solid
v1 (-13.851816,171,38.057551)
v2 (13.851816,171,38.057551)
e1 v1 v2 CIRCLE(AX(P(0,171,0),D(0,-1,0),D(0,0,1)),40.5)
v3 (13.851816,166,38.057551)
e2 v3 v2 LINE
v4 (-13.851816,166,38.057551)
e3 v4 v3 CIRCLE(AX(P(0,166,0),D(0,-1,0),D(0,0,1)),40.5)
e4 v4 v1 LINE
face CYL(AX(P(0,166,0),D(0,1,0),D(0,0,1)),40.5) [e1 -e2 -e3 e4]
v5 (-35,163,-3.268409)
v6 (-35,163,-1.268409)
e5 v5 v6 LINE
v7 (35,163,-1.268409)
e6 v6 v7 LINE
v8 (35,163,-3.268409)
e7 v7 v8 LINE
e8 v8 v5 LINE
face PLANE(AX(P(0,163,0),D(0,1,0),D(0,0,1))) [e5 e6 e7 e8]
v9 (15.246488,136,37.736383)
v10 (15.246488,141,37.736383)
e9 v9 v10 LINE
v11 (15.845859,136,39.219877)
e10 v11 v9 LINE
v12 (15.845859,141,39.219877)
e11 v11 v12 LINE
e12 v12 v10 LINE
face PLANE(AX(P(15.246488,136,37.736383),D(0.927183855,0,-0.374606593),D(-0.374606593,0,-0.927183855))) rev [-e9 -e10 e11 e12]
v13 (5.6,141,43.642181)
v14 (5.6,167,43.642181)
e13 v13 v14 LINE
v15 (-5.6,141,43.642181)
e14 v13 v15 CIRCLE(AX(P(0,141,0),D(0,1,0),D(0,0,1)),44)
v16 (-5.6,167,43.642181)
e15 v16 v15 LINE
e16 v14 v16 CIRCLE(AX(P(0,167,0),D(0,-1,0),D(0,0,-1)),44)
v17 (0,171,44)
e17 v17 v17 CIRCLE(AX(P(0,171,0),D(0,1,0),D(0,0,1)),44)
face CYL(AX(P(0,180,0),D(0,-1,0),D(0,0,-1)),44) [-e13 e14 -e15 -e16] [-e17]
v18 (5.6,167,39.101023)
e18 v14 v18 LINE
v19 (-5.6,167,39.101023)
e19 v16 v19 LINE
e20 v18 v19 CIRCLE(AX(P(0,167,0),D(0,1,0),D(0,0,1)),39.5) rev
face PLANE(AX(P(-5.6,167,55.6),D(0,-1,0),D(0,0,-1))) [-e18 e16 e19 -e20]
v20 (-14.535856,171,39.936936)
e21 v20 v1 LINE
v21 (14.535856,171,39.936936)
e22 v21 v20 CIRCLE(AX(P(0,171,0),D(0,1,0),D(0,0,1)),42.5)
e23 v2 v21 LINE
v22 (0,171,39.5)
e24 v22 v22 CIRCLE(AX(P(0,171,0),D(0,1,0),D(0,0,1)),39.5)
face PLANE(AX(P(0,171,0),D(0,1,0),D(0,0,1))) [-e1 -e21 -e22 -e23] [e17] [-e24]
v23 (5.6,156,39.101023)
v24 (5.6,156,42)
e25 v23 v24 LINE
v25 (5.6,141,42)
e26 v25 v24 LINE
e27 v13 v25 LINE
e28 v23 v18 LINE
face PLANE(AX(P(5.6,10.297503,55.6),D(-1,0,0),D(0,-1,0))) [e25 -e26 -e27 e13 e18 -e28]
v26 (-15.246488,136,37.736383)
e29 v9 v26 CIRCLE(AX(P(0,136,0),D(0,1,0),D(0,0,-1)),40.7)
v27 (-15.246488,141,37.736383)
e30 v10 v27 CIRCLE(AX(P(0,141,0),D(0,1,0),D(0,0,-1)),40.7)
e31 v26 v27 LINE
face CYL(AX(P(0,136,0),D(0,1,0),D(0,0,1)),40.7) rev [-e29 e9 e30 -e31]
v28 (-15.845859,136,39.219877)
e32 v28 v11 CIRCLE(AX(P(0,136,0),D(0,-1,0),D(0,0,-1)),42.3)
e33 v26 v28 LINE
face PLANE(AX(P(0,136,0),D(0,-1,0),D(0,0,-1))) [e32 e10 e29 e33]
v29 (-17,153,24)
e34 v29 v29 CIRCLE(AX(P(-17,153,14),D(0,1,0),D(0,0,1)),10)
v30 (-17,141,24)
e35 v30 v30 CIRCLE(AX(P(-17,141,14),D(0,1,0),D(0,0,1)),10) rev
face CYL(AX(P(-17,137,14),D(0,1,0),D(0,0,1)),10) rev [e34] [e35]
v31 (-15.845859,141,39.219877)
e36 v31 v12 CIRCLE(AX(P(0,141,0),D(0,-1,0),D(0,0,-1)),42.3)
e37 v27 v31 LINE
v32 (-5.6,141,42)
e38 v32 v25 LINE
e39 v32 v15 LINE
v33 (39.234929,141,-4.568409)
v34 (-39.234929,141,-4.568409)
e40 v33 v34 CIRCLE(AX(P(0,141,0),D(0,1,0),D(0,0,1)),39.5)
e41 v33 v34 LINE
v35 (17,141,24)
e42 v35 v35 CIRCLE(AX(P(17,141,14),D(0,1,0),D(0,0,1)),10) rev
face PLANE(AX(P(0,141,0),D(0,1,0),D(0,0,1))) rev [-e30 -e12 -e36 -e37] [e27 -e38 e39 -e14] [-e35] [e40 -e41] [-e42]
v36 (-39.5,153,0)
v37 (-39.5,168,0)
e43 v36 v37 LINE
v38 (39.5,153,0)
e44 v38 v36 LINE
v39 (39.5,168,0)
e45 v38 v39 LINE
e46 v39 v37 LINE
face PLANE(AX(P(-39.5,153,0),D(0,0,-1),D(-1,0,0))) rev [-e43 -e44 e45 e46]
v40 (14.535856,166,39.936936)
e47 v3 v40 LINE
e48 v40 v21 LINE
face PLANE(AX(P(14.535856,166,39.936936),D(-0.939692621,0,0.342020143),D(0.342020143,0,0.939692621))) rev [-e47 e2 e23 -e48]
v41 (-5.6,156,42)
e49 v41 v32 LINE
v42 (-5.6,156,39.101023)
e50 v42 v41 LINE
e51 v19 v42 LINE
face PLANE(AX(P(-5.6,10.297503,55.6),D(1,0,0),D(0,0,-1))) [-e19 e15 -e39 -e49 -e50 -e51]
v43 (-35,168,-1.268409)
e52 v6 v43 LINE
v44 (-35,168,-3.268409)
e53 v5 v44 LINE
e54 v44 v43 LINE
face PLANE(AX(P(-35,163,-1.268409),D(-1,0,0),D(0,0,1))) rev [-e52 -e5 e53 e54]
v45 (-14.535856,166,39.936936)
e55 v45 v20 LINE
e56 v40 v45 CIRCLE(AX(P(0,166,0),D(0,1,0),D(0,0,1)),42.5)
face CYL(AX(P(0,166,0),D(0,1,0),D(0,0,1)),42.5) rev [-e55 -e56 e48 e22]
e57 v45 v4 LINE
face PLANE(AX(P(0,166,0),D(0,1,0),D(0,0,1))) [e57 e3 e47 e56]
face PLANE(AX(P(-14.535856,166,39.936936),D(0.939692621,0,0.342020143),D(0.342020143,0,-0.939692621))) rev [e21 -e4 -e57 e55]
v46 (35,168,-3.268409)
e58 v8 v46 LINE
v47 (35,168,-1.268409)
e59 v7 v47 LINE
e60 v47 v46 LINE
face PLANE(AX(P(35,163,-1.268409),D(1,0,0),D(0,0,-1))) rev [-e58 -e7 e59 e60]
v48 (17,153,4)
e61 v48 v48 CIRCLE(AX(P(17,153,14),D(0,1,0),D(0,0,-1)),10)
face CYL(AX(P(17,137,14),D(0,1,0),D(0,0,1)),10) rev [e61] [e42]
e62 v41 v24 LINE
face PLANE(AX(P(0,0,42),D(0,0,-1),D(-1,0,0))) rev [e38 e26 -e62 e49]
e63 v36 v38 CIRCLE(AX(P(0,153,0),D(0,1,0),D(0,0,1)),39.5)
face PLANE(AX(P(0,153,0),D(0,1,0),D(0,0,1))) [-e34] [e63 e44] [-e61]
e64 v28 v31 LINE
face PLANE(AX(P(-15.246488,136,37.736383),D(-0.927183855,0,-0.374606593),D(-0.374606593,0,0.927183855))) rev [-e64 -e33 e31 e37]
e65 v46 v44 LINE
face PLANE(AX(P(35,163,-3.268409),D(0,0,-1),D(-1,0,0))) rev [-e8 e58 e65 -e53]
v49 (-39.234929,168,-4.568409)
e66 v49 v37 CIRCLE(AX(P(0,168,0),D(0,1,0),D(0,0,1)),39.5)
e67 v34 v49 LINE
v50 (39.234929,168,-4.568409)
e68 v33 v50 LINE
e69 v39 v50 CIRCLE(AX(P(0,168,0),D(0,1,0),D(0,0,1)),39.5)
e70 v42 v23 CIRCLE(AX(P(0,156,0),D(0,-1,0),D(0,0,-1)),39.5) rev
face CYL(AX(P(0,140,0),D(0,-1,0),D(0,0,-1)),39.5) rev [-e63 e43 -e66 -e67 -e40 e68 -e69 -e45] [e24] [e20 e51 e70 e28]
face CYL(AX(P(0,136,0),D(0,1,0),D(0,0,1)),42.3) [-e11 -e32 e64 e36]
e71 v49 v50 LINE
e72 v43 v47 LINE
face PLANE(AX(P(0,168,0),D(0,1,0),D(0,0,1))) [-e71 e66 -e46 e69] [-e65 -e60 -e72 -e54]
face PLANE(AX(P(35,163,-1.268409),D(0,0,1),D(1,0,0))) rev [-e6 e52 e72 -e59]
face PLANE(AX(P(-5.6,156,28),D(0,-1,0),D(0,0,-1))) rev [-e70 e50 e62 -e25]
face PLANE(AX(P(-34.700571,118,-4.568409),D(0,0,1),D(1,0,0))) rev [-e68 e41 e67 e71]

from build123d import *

# Parameters (mm, degrees)
SKETCH1_R           = 44
BOSS_EXTRUDE1_DEPTH = 180
SKETCH7_R           = 39.5
CUT_EXTRUDE1_DEPTH  = 115
SKETCH8_R           = 35
CUT_EXTRUDE2_DEPTH  = 18
SKETCH12_W          = 11.2
SKETCH12_H          = 156.702496638
CUT_EXTRUDE5_DEPTH  = 13.6
SKETCH14_W          = 11.2
SKETCH14_H          = 8.676367157
CUT_EXTRUDE6_DEPTH  = 18
SKETCH18_R          = 39.5
CUT_EXTRUDE8_DEPTH  = 12
CUT_EXTRUDE4_DEPTH  = 21
CUT_EXTRUDE9_DEPTH  = 28
SKETCH21_R          = 44
CUT_EXTRUDE10_DEPTH = 10
CUT_EXTRUDE11_DEPTH = 50
SKETCH24_R          = 10
CUT_EXTRUDE12_DEPTH = 16
SKETCH26_W          = 11.2
SKETCH26_H          = 11
CUT_EXTRUDE13_DEPTH = 14
SKETCH27_R          = 39
CUT_EXTRUDE14_DEPTH = 30
SKETCH28_R          = 47
SKETCH28_R_2        = 42
BOSS_EXTRUDE2_DEPTH = 20
CUT_EXTRUDE15_DEPTH = 40
SKETCH30_R          = 47
CUT_EXTRUDE16_DEPTH = 20
SKETCH33_R          = 44
CUT_EXTRUDE17_DEPTH = 137
BOSS_EXTRUDE4_DEPTH = 5
SKETCH35_W          = 70
SKETCH35_H          = 2
CUT_EXTRUDE18_DEPTH = 5
SKETCH37_R          = 44
CUT_EXTRUDE19_DEPTH = 9
CUT_EXTRUDE20_DEPTH = 5


with BuildPart() as part:
    # Sketch1 → Boss-Extrude1 (new body)
    with BuildSketch(Plane(origin=(0, 0, 0), x_dir=(1, 0, 0), z_dir=(0, 1, 0))):
        Circle(SKETCH1_R)
    extrude(amount=BOSS_EXTRUDE1_DEPTH)

    # Sketch7 → Cut-Extrude1 (cut)
    with BuildSketch(Plane(origin=(0, 25, 0), x_dir=(1, 0, 0), z_dir=(0, 1, 0))):
        Circle(SKETCH7_R)
    extrude(amount=CUT_EXTRUDE1_DEPTH, mode=Mode.SUBTRACT)

    # Sketch8 → Cut-Extrude2 (cut)
    with BuildSketch(Plane(origin=(0, 41, 0), x_dir=(1, 0, 0), z_dir=(0, 1, 0))):
        Circle(SKETCH8_R)
    extrude(amount=-CUT_EXTRUDE2_DEPTH, mode=Mode.SUBTRACT)

    # Sketch12 → Cut-Extrude5 (cut)
    with BuildSketch(Plane.XY.offset(42)):
        with Locations((0, 88.648751681)):
            Rectangle(SKETCH12_W, SKETCH12_H)
    extrude(amount=CUT_EXTRUDE5_DEPTH, mode=Mode.SUBTRACT)

    # Sketch14 → Cut-Extrude6 (cut)
    with BuildSketch(Plane.XY.offset(42)):
        with Locations((0, 14.635686941)):
            Rectangle(SKETCH14_W, SKETCH14_H)
    extrude(amount=-CUT_EXTRUDE6_DEPTH, mode=Mode.SUBTRACT)

    # Sketch18 → Cut-Extrude8 (cut)
    with BuildSketch(Plane(origin=(0, 180, 0), x_dir=(1, 0, 0), z_dir=(0, 1, 0))):
        Circle(SKETCH18_R)
    extrude(amount=-CUT_EXTRUDE8_DEPTH, mode=Mode.SUBTRACT)

    # Sketch10 → Cut-Extrude4 (cut, symmetric)
    with BuildSketch(Plane(origin=(0, 174, 0), x_dir=(1, 0, 0), z_dir=(0, 1, 0))):
        with BuildLine():
            Line((-39.5, 0), (39.5, 0))
            ThreePointArc((39.5, 0), (0, -39.5), (-39.5, 0))
        make_face()
    extrude(amount=CUT_EXTRUDE4_DEPTH, both=True, mode=Mode.SUBTRACT)

    # Sketch20 → Cut-Extrude9 (cut)
    with BuildSketch(Plane(origin=(0, 168, 0), x_dir=(1, 0, 0), z_dir=(0, 1, 0))):
        with BuildLine():
            Line((9, 26), (-15, 26))
            ThreePointArc((-15, 26), (-18.535533906, 24.535533906), (-20, 21))
            Line((-20, 21), (-20, 10))
            ThreePointArc((-20, 10), (-18.535533906, 6.464466094), (-15, 5))
            Line((-15, 5), (9, 5))
            ThreePointArc((9, 5), (12.535533906, 6.464466094), (14, 10))
            Line((14, 10), (14, 21))
            ThreePointArc((14, 21), (12.535533906, 24.535533906), (9, 26))
        make_face()
    extrude(amount=-CUT_EXTRUDE9_DEPTH, mode=Mode.SUBTRACT)

    # Sketch21 → Cut-Extrude10 (cut)
    with BuildSketch(Plane(origin=(0, 5, 0), x_dir=(1, 0, 0), z_dir=(0, 1, 0))):
        Circle(SKETCH21_R)
    extrude(amount=-CUT_EXTRUDE10_DEPTH, mode=Mode.SUBTRACT)

    # Sketch23 → Cut-Extrude11 (cut)
    with BuildSketch(Plane(origin=(0, 168, 0), x_dir=(1, 0, 0), z_dir=(0, 1, 0))):
        with BuildLine():
            Line((-34.700571143, 4.568409172), (34.700571143, 4.568409172))
            ThreePointArc((34.700571143, 4.568409172), (0, 35), (-34.700571143, 4.568409172))
        make_face()
    extrude(amount=-CUT_EXTRUDE11_DEPTH, mode=Mode.SUBTRACT)

    # Sketch24 → Cut-Extrude12 (cut)
    with BuildSketch(Plane(origin=(0, 153, 0), x_dir=(1, 0, 0), z_dir=(0, 1, 0))):
        with Locations((-17, -14)):
            Circle(SKETCH24_R)
        with Locations((17, -14)):
            Circle(SKETCH24_R)
    extrude(amount=-CUT_EXTRUDE12_DEPTH, mode=Mode.SUBTRACT)

    # Sketch26 → Cut-Extrude13 (cut)
    with BuildSketch(Plane.XY.offset(42)):
        with Locations((0, 161.5)):
            Rectangle(SKETCH26_W, SKETCH26_H)
    extrude(amount=-CUT_EXTRUDE13_DEPTH, mode=Mode.SUBTRACT)

    # Sketch27 → Cut-Extrude14 (cut)
    with BuildSketch(Plane.XZ.offset(-5)):
        Circle(SKETCH27_R)
    extrude(amount=-CUT_EXTRUDE14_DEPTH, mode=Mode.SUBTRACT)

    # Sketch28 → Boss-Extrude2 (add)
    with BuildSketch(Plane.XZ.offset(-5)):
        Circle(SKETCH28_R)
        Circle(SKETCH28_R_2, mode=Mode.SUBTRACT)
    extrude(amount=BOSS_EXTRUDE2_DEPTH)

    # Sketch29 → Cut-Extrude15 (cut)
    with BuildSketch(Plane(origin=(0, 168, 0), x_dir=(1, 0, 0), z_dir=(0, 1, 0))):
        with BuildLine():
            Line((-39.234928796, 4.568409172), (-34.700571143, 4.568409172))
            ThreePointArc((-34.700571143, 4.568409172), (0, 35), (34.700571143, 4.568409172))
            Line((34.700571143, 4.568409172), (39.234928796, 4.568409172))
            ThreePointArc((39.234928796, 4.568409172), (0, 39.5), (-39.234928796, 4.568409172))
        make_face()
    extrude(amount=-CUT_EXTRUDE15_DEPTH, mode=Mode.SUBTRACT)

    # Sketch30 → Cut-Extrude16 (cut)
    with BuildSketch(Plane.XZ.offset(15)):
        Circle(SKETCH30_R)
    extrude(amount=-CUT_EXTRUDE16_DEPTH, mode=Mode.SUBTRACT)

    # Sketch33 → Cut-Extrude17 (cut, through all)
    with BuildSketch(Plane(origin=(0, 141, 0), x_dir=(1, 0, 0), z_dir=(0, 1, 0))):
        Circle(SKETCH33_R)
    extrude(amount=-CUT_EXTRUDE17_DEPTH, mode=Mode.SUBTRACT)

    # Sketch34 → Boss-Extrude4 (add)
    with BuildSketch(Plane.XZ.offset(-141)):
        with BuildLine():
            Line((15.246488352, 37.736382881), (15.845858901, 39.219877048))
            ThreePointArc((15.845858901, 39.219877048), (0, -42.3), (-15.845858901, 39.219877048))
            Line((-15.845858901, 39.219877048), (-15.246488352, 37.736382881))
            ThreePointArc((-15.246488352, 37.736382881), (0, -40.7), (15.246488352, 37.736382881))
        make_face()
    extrude(amount=BOSS_EXTRUDE4_DEPTH)

    # Sketch35 → Cut-Extrude18 (cut)
    with BuildSketch(Plane(origin=(0, 168, 0), x_dir=(1, 0, 0), z_dir=(0, 1, 0))):
        with Locations((0, 2.268409172)):
            Rectangle(SKETCH35_W, SKETCH35_H)
    extrude(amount=-CUT_EXTRUDE18_DEPTH, mode=Mode.SUBTRACT)

    # Sketch37 → Cut-Extrude19 (cut)
    with BuildSketch(Plane(origin=(0, 180, 0), x_dir=(1, 0, 0), z_dir=(0, 1, 0))):
        Circle(SKETCH37_R)
    extrude(amount=-CUT_EXTRUDE19_DEPTH, mode=Mode.SUBTRACT)

    # Sketch38 → Cut-Extrude20 (cut)
    with BuildSketch(Plane(origin=(0, 171, 0), x_dir=(1, 0, 0), z_dir=(0, 1, 0))):
        with BuildLine():
            Line((-14.535856091, -39.936936383), (-13.851815805, -38.057551142))
            ThreePointArc((-13.851815805, -38.057551142), (0, 40.5), (13.851815805, -38.057551142))
            Line((13.851815805, -38.057551142), (14.535856091, -39.936936383))
            ThreePointArc((14.535856091, -39.936936383), (0, 42.5), (-14.535856091, -39.936936383))
        make_face()
    extrude(amount=-CUT_EXTRUDE20_DEPTH, mode=Mode.SUBTRACT)


solid = part.part
